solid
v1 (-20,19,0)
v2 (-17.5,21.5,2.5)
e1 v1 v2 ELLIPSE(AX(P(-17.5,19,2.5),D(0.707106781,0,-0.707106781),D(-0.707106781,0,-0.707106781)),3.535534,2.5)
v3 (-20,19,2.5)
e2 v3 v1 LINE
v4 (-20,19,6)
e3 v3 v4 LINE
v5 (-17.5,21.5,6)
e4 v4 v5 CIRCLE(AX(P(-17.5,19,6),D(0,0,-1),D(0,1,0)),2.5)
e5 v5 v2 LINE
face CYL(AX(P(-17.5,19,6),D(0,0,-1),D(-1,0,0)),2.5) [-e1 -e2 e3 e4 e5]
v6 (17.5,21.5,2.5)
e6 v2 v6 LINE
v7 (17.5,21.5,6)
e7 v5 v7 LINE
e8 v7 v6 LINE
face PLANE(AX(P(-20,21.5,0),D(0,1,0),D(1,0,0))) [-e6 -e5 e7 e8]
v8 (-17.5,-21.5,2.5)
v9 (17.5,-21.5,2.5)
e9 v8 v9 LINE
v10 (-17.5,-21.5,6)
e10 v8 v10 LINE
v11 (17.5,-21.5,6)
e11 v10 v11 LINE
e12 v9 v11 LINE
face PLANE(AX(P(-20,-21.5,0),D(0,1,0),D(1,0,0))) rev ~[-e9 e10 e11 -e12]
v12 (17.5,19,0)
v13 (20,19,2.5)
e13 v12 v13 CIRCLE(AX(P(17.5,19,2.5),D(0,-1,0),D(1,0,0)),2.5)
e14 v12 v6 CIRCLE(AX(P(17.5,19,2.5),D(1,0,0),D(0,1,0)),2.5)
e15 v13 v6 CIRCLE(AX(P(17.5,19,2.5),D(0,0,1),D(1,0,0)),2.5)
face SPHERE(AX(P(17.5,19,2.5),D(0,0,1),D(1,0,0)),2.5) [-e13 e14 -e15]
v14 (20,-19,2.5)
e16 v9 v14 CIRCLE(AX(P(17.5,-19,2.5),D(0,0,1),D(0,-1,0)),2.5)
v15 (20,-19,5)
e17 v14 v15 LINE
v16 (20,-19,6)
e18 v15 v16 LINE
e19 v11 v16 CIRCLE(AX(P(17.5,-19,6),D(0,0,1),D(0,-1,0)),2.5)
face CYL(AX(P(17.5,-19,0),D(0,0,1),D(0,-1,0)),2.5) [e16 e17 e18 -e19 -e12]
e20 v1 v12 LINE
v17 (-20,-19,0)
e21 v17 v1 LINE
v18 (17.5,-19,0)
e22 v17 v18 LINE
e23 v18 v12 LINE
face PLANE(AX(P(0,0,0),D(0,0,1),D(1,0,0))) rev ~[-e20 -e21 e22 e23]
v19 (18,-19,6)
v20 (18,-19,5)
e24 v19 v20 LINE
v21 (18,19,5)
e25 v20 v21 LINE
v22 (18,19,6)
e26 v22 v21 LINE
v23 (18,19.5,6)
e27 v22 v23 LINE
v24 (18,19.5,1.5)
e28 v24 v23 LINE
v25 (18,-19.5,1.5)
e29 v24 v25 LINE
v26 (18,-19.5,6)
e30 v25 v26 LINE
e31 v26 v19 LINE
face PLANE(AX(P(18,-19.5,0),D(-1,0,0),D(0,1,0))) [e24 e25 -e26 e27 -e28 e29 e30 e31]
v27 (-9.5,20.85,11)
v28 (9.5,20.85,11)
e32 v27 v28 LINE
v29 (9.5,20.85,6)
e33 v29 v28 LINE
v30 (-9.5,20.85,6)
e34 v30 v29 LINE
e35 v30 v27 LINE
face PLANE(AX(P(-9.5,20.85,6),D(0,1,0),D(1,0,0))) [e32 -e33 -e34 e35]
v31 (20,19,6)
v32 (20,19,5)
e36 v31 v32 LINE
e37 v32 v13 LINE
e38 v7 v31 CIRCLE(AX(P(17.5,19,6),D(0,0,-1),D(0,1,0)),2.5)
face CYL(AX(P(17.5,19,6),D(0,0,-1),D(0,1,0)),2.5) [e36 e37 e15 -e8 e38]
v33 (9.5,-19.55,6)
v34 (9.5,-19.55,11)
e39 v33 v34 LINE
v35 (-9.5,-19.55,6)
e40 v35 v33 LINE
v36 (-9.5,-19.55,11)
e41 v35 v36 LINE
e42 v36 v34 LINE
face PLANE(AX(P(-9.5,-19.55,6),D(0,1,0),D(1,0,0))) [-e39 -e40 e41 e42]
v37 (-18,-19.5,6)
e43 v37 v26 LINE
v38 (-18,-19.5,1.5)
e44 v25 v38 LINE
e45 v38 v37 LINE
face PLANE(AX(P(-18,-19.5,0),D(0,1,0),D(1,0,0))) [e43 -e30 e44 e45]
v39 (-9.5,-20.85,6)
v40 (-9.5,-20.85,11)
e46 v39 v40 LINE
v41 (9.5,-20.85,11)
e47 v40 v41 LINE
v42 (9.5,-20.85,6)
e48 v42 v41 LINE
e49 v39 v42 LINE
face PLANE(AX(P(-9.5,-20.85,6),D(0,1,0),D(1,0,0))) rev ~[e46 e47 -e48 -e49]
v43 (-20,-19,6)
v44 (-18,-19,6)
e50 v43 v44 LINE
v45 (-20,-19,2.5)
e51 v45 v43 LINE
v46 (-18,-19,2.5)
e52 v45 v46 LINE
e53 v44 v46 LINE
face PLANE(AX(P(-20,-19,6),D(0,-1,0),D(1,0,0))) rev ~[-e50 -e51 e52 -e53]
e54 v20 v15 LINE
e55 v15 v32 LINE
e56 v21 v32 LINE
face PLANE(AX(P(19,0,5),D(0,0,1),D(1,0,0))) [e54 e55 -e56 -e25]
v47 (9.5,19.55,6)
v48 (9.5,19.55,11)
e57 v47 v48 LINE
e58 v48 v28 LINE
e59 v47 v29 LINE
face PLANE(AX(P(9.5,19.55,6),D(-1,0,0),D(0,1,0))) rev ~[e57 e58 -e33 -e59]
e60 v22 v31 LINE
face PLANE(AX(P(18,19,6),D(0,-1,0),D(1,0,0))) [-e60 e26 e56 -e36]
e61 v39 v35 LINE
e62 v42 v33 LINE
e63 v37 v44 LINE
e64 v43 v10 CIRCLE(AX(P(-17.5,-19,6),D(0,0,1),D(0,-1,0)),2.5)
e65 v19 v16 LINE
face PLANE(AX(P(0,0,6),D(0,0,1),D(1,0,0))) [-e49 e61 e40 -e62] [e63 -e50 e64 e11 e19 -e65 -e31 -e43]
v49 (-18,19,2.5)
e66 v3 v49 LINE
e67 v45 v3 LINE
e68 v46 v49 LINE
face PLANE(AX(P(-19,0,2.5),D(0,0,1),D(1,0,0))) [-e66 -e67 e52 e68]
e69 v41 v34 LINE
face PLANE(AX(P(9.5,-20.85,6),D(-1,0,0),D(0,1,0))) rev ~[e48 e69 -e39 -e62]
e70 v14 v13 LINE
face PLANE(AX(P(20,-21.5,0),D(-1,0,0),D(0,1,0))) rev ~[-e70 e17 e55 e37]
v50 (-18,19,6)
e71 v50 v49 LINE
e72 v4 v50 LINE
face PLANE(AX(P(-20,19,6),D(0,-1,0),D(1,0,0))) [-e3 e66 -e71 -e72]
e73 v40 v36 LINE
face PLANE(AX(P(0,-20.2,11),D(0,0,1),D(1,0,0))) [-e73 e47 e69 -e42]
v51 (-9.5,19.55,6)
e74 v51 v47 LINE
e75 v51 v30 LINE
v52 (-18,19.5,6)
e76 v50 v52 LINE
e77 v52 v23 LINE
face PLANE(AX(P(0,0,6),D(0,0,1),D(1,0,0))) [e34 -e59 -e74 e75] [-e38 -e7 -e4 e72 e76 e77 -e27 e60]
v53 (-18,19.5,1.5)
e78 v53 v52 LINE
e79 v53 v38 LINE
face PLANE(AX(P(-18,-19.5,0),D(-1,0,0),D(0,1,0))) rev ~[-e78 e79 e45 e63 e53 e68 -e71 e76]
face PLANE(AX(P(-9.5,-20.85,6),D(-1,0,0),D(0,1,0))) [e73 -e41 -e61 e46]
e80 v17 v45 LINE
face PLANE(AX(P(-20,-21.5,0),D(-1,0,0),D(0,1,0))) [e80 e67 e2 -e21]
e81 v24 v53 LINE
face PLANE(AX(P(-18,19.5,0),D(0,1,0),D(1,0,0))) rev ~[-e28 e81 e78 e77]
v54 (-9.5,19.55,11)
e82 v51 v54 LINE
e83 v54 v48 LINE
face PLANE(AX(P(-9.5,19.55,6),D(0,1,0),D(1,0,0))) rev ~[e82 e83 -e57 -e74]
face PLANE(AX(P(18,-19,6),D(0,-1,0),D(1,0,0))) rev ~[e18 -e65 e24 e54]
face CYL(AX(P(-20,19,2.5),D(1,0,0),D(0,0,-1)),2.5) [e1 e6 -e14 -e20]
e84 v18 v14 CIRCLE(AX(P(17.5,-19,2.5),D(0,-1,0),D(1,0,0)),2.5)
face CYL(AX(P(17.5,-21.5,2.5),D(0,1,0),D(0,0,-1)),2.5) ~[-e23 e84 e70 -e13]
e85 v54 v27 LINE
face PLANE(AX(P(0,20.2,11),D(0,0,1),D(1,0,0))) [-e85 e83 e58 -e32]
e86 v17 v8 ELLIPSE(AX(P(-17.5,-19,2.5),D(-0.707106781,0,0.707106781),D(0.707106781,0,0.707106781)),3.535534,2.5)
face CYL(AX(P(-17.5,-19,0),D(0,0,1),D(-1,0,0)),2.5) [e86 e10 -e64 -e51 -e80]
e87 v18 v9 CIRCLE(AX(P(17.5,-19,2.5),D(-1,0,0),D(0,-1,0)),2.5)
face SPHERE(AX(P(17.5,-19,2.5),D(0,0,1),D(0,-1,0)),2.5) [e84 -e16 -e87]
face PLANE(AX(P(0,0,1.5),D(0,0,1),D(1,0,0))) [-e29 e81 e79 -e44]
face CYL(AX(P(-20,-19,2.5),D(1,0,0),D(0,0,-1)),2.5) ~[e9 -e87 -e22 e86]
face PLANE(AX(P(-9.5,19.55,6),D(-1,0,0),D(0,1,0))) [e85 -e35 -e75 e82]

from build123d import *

# Parameters (mm, degrees)
F0_W     = 40
F0_H     = 43
F0_W_2   = 36
F0_H_2   = 39
F1_DEPTH = 1.5
F2_DEPTH = 6
F3_W     = 2
F3_H     = 38
F4_DEPTH = 3.5
F5_R     = 2.5
F6_W     = 19
F6_H     = 1.3
F7_DEPTH = 5
F8_DEPTH = 1


with BuildPart() as f1:
    # F0 (on Top) → F1 (new body)
    with BuildSketch(Plane.XY):
        Rectangle(F0_W, F0_H)
        Rectangle(F0_W_2, F0_H_2, mode=Mode.SUBTRACT)
        Rectangle(F0_W_2, F0_H_2)
    extrude(amount=F1_DEPTH)

    # F0 (on Top) → F2 (join)
    with BuildSketch(Plane.XY):
        Rectangle(F0_W, F0_H)
        Rectangle(F0_W_2, F0_H_2, mode=Mode.SUBTRACT)
    extrude(amount=F2_DEPTH)

    # F3 (on face) → F4 (cut)
    with BuildSketch(Plane.XY.offset(6)):
        with Locations((-19, 0)):
            Rectangle(F3_W, F3_H)
    extrude(amount=-F4_DEPTH, mode=Mode.SUBTRACT)

    # F5
    f5_edges = [f1.edges().sort_by_distance(p)[0] for p in [
        (-20, -21.5, 3),
        (20, -21.5, 3),
        (20, 21.5, 3),
        (-20, 21.5, 3),
        (0, -21.5, 0),
        (20, 0, 0),
        (0, 21.5, 0),
    ]]
    fillet(f5_edges, radius=F5_R)

    # F6 (on face) → F7 (join)
    with BuildSketch(Plane.XY.offset(6)):
        with Locations((0, 20.2)):
            Rectangle(F6_W, F6_H)
        with Locations((0, -20.2)):
            Rectangle(F6_W, F6_H)
    extrude(amount=F7_DEPTH)

    # F3 (on face) → F8 (cut)
    with BuildSketch(Plane.XY.offset(6)):
        with Locations((19, 0)):
            Rectangle(F3_W, F3_H)
    extrude(amount=-F8_DEPTH, mode=Mode.SUBTRACT)


solid = f1.part
